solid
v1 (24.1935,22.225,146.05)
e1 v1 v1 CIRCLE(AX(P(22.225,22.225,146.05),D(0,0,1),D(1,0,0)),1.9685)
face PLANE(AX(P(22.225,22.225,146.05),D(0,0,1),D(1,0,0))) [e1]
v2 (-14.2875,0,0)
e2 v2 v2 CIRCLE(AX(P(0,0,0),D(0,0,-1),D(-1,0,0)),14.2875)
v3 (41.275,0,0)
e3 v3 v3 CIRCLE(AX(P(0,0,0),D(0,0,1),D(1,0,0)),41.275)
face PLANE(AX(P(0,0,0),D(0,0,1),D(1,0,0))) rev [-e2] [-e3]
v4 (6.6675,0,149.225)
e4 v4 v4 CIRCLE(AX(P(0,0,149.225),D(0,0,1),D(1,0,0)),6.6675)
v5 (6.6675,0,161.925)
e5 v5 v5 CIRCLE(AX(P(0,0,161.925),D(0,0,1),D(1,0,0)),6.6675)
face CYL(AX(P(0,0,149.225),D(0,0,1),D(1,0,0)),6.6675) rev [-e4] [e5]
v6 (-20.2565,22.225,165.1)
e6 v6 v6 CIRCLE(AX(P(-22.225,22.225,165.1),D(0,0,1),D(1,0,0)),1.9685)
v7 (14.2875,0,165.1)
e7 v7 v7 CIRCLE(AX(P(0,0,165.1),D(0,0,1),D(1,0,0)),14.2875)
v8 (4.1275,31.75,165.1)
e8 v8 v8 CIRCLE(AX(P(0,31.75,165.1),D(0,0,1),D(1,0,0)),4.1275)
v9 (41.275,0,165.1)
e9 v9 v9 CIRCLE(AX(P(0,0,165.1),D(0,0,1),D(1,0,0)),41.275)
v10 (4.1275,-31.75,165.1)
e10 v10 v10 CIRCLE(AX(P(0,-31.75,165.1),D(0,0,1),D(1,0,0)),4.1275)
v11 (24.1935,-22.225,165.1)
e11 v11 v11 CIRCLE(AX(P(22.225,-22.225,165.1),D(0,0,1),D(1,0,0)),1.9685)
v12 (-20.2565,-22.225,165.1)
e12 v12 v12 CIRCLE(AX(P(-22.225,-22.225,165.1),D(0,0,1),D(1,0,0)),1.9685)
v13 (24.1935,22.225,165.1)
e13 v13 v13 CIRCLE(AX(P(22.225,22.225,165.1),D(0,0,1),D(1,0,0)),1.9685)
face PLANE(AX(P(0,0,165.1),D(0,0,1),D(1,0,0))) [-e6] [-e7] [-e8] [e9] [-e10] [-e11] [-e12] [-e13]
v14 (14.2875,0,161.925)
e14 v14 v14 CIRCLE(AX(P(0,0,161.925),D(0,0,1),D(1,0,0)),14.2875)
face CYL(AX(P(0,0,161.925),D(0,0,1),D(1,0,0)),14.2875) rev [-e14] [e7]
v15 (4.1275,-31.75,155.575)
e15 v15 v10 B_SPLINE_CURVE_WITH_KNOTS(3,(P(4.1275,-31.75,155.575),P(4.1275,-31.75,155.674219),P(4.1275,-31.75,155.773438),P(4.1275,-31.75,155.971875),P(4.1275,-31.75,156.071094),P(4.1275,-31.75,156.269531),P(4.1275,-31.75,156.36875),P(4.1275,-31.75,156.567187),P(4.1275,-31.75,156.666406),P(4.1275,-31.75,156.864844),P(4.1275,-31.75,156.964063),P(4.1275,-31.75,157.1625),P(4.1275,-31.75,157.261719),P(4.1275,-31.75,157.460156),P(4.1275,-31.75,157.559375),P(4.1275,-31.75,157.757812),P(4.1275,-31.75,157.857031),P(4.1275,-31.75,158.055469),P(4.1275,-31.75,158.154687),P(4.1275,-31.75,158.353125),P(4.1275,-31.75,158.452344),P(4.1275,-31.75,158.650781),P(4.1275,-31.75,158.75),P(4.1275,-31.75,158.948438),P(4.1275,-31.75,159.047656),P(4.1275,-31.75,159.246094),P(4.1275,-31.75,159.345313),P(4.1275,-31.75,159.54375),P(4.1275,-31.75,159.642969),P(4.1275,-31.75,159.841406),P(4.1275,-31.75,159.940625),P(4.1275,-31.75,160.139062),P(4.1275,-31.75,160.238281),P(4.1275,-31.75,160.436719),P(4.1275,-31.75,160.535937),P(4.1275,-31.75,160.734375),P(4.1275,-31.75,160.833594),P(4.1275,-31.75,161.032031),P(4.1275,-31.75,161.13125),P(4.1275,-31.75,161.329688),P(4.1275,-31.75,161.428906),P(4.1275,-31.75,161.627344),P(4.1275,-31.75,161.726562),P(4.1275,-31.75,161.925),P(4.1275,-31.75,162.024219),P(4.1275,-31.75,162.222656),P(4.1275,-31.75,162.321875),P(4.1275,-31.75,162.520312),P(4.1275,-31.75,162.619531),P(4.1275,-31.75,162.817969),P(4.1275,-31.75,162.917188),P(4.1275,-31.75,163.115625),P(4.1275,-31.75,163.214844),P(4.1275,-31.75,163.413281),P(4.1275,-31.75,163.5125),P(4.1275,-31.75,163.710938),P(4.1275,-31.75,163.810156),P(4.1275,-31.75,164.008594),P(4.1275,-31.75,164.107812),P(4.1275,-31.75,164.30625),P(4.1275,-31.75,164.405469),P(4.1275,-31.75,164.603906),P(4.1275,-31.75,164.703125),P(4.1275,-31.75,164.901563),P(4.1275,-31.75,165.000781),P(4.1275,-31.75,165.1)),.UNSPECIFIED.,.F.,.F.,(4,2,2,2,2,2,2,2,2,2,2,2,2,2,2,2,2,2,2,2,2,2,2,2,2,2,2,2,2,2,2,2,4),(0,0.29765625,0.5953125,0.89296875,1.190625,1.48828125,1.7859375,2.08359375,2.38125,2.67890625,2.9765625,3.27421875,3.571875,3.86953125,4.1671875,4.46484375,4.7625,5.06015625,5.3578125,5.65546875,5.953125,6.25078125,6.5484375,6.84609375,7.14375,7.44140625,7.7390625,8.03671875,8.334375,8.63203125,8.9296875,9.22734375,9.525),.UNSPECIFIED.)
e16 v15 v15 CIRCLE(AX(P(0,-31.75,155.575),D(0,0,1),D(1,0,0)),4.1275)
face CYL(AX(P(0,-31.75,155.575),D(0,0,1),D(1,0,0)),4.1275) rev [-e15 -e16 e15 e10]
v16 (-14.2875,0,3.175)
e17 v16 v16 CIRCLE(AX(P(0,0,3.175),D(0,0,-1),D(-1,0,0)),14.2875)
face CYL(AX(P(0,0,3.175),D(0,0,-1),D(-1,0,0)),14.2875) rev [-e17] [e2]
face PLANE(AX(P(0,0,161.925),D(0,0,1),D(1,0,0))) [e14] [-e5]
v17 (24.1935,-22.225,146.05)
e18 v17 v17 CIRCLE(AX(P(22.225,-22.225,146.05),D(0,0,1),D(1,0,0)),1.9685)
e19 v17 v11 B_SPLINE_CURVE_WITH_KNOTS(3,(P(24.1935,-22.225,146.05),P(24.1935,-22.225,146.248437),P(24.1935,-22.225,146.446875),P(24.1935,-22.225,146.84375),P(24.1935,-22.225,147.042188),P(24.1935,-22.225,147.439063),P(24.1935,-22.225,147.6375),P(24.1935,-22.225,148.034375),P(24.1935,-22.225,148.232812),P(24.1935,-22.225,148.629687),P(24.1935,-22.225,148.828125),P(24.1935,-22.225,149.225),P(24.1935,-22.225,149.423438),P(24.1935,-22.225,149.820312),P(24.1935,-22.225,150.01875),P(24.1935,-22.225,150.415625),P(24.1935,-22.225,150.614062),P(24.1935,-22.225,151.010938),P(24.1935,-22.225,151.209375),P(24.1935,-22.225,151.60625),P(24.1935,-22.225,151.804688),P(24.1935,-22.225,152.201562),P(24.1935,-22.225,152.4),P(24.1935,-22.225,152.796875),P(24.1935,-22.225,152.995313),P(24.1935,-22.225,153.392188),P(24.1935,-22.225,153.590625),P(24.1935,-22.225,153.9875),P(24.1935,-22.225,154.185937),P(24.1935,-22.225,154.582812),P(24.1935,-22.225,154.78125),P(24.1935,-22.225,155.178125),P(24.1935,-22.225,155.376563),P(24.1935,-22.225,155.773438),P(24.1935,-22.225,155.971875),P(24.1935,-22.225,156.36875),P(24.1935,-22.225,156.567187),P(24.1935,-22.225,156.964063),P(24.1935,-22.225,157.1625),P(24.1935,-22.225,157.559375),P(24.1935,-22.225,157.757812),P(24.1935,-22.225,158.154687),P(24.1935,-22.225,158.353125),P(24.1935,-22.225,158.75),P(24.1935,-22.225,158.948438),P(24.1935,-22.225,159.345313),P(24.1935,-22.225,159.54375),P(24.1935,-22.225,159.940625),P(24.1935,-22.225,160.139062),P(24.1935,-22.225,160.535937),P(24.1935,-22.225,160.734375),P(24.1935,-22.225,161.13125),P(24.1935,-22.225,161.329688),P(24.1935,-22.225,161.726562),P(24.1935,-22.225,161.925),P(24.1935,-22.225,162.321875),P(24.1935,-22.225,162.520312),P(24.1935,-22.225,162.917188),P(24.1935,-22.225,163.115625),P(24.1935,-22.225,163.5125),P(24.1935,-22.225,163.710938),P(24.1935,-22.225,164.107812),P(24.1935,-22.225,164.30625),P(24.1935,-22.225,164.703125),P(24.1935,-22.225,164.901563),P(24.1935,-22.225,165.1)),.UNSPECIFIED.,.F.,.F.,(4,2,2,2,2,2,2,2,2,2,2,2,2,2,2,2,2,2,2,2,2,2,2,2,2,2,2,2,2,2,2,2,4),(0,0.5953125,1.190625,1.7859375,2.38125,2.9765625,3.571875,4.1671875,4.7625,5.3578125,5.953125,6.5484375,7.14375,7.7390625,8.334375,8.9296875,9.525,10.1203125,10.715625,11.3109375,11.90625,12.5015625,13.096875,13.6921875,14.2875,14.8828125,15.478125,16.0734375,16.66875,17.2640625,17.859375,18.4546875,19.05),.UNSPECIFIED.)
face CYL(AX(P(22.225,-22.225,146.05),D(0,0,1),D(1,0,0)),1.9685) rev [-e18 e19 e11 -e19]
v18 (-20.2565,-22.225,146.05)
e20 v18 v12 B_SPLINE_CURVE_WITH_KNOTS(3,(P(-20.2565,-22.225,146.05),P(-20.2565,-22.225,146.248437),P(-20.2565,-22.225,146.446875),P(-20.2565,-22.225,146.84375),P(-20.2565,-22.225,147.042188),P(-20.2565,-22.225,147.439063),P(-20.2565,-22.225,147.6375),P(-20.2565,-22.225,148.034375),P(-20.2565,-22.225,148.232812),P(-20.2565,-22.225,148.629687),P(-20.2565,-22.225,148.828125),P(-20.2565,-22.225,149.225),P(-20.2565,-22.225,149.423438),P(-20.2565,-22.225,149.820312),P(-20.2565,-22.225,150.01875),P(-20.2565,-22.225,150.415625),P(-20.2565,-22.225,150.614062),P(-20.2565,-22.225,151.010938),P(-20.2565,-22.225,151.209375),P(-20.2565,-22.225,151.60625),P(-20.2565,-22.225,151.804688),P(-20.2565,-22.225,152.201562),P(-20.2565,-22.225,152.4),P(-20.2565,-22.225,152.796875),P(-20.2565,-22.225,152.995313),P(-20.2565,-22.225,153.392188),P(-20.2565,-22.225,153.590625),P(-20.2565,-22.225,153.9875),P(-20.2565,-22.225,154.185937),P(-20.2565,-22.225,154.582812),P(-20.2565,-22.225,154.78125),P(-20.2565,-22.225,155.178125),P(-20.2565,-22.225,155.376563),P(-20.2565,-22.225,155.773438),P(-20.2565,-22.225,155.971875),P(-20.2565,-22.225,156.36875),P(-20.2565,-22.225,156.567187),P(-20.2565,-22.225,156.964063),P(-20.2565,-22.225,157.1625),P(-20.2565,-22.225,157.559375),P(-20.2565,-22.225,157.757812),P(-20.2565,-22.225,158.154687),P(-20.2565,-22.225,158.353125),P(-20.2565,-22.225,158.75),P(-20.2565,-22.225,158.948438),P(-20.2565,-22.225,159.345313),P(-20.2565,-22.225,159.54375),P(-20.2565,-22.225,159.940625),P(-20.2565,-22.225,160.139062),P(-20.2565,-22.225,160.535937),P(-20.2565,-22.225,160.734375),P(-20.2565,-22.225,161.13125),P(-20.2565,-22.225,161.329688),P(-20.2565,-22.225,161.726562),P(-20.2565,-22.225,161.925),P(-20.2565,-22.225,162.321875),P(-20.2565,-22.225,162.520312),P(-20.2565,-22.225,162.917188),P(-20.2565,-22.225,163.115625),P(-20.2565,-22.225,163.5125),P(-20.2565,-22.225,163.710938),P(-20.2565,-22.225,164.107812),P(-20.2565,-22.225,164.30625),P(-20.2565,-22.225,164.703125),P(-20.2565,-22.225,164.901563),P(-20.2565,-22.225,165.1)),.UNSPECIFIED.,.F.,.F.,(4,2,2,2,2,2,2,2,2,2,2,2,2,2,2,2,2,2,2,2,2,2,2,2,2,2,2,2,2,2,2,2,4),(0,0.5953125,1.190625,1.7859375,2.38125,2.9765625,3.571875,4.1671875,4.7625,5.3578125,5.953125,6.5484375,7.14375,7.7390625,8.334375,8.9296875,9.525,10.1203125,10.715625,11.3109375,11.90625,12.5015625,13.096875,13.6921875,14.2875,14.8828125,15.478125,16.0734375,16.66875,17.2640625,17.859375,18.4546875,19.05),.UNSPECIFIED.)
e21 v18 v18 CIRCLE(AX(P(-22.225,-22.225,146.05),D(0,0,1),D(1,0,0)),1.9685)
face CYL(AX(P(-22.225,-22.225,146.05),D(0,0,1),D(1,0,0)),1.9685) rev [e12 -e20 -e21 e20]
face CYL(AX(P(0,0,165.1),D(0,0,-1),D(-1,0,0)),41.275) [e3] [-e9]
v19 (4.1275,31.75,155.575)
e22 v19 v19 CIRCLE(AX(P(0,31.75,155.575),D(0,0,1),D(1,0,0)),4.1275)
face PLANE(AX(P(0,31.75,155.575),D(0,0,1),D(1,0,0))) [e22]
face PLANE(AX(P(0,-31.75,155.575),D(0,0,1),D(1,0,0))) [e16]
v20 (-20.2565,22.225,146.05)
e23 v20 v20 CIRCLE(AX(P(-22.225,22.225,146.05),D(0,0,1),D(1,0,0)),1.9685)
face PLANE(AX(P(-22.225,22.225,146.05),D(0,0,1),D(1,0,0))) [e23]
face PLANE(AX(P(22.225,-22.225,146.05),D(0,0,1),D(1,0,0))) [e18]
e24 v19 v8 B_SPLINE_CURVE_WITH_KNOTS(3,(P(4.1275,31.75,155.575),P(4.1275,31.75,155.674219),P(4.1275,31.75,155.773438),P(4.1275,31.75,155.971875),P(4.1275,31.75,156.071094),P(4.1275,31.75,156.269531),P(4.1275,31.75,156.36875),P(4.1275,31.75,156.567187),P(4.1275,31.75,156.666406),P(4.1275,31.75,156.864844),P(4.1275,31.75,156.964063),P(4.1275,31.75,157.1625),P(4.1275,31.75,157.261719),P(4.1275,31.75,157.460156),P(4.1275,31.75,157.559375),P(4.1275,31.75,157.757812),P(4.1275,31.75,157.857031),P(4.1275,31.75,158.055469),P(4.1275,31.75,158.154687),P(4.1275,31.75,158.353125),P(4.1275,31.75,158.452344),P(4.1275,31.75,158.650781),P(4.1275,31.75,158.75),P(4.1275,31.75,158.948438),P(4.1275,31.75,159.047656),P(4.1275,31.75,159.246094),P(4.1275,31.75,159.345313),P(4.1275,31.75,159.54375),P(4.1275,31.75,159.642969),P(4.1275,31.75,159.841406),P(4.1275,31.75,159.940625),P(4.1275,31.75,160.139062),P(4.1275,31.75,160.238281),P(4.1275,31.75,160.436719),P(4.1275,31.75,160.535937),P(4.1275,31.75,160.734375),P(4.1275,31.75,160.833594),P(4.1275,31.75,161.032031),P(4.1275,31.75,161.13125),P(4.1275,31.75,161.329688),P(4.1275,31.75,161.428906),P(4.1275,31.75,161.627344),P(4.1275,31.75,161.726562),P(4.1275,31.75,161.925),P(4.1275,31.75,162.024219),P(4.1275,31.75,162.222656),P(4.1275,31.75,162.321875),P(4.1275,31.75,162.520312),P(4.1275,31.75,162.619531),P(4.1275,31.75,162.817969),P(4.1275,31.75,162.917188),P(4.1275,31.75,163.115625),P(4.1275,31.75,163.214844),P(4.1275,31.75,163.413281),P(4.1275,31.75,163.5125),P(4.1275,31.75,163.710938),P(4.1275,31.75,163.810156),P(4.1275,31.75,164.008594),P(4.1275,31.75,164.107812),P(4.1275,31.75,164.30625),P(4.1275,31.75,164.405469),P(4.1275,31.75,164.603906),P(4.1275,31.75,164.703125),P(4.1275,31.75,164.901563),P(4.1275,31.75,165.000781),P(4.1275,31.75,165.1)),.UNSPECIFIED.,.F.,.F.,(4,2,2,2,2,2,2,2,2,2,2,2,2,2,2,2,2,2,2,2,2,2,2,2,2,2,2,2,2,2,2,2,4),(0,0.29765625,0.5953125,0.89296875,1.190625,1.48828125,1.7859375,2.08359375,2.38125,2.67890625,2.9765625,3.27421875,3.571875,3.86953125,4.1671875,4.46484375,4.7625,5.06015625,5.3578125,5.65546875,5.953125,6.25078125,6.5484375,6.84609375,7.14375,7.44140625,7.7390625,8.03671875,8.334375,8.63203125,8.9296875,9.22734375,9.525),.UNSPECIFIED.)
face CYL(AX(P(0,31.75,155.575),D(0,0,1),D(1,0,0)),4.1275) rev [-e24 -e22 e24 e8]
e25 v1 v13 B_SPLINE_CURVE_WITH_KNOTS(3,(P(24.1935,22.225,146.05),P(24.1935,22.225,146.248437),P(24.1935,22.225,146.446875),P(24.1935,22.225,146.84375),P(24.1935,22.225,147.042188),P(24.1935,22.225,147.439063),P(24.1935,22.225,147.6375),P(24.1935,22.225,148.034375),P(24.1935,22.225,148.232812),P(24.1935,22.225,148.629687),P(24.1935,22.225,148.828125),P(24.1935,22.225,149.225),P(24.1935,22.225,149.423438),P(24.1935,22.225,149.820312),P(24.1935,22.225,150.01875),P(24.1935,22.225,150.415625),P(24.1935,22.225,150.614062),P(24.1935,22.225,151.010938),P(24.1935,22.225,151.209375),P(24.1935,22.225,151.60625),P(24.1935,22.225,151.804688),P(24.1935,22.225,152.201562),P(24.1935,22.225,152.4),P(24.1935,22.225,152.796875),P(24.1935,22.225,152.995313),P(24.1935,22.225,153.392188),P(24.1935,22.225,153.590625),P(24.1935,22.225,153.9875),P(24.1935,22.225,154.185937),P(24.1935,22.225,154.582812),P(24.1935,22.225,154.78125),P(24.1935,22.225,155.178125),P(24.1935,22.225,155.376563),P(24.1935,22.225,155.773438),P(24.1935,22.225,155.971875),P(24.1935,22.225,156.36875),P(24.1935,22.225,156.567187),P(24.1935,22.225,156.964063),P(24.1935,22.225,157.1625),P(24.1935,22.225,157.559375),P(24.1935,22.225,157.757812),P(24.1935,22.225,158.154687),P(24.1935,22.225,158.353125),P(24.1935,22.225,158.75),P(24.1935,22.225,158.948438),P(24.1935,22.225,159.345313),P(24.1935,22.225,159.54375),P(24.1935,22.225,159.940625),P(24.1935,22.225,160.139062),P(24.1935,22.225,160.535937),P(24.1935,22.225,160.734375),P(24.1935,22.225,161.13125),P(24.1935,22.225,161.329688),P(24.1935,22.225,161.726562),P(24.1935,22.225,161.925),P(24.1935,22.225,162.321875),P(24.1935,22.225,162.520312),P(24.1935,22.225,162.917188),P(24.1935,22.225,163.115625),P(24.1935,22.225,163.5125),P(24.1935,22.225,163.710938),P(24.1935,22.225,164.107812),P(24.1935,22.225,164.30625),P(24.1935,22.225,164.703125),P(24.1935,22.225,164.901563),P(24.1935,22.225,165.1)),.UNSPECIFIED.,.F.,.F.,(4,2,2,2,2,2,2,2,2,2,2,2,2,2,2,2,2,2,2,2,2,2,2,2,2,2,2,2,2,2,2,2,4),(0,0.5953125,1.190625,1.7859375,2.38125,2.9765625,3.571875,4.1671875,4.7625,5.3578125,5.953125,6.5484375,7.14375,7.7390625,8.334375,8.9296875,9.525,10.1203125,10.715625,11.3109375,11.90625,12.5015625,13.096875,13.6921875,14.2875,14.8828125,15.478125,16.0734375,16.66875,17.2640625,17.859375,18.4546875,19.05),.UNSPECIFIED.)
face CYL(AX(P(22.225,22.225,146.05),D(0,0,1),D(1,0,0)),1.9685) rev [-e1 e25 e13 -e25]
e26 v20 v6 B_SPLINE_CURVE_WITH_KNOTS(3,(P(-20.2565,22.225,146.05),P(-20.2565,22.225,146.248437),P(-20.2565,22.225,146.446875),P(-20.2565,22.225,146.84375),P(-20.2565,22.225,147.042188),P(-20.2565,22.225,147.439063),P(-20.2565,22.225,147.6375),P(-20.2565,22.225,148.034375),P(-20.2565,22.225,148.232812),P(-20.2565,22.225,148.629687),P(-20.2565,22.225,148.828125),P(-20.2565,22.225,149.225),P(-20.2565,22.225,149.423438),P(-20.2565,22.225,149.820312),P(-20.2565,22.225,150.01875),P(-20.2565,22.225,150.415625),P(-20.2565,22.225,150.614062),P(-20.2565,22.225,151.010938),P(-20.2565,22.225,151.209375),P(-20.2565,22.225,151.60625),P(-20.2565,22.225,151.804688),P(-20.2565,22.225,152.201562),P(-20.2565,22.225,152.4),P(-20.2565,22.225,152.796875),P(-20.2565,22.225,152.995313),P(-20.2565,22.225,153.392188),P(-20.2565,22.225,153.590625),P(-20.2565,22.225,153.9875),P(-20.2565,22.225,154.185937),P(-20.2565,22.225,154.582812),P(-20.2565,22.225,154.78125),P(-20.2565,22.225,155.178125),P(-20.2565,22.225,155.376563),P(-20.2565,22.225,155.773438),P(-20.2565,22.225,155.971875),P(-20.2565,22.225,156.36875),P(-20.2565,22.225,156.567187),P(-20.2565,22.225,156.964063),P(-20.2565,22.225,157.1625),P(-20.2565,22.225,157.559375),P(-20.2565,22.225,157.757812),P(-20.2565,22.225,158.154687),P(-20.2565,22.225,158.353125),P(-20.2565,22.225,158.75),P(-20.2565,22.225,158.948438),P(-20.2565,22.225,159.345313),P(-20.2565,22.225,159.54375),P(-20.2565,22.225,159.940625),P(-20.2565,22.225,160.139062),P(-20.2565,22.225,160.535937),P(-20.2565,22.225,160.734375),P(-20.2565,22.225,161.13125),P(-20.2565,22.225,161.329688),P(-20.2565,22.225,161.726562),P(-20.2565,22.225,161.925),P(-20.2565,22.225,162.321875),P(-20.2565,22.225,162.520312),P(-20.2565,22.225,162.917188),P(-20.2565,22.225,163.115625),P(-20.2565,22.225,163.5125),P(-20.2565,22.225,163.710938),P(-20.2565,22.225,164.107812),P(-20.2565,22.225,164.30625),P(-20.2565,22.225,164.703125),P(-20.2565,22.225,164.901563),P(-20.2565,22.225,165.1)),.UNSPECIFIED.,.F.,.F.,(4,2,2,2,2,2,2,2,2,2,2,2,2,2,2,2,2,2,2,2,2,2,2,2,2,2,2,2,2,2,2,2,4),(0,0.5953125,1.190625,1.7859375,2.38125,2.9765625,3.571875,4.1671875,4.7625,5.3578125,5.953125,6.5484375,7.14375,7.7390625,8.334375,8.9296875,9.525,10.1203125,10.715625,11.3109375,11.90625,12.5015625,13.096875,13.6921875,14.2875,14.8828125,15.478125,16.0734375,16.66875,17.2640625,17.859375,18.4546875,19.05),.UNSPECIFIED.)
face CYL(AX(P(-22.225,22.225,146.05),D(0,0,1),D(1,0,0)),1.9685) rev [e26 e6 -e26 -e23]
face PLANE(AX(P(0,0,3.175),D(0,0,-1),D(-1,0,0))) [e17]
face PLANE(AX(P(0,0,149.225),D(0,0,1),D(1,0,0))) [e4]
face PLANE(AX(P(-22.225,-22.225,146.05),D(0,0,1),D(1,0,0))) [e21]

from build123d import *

# Parameters (mm, degrees)
SKETCH1_R           = 41.275
BOSS_EXTRUDE1_DEPTH = 165.1
SKETCH2_R           = 14.2875
CUT_EXTRUDE1_DEPTH  = 3.175
SKETCH3_R           = 6.6675
CUT_EXTRUDE2_DEPTH  = 12.7
SKETCH4_R           = 4.1275
CUT_EXTRUDE3_DEPTH  = 9.525
SKETCH5_R           = 1.9685
CUT_EXTRUDE4_DEPTH  = 19.05
CUT_EXTRUDE5_START  = -3.175
SKETCH6_R           = 14.2875
CUT_EXTRUDE5_DEPTH  = 3.175


with BuildPart() as part:
    # Sketch1 → Boss-Extrude1 (new body)
    with BuildSketch(Plane.XY):
        Circle(SKETCH1_R)
    extrude(amount=BOSS_EXTRUDE1_DEPTH)

    # Sketch2 → Cut-Extrude1 (cut)
    with BuildSketch(Plane.XY.offset(165.1)):
        Circle(SKETCH2_R)
    extrude(amount=-CUT_EXTRUDE1_DEPTH, mode=Mode.SUBTRACT)

    # Sketch3 → Cut-Extrude2 (cut)
    with BuildSketch(Plane.XY.offset(161.925)):
        Circle(SKETCH3_R)
    extrude(amount=-CUT_EXTRUDE2_DEPTH, mode=Mode.SUBTRACT)

    # Sketch4 → Cut-Extrude3 (cut)
    with BuildSketch(Plane.XY.offset(165.1)):
        with Locations((0, 31.75)):
            Circle(SKETCH4_R)
        with Locations((0, -31.75)):
            Circle(SKETCH4_R)
    extrude(amount=-CUT_EXTRUDE3_DEPTH, mode=Mode.SUBTRACT)

    # Sketch5 → Cut-Extrude4 (cut)
    with BuildSketch(Plane.XY.offset(165.1)):
        with Locations((-22.225, 22.225)):
            Circle(SKETCH5_R)
        with Locations((-22.225, -22.225)):
            Circle(SKETCH5_R)
        with Locations((22.225, -22.225)):
            Circle(SKETCH5_R)
        with Locations((22.225, 22.225)):
            Circle(SKETCH5_R)
    extrude(amount=-CUT_EXTRUDE4_DEPTH, mode=Mode.SUBTRACT)

    # Sketch6 → Cut-Extrude5 (cut)
    with BuildSketch(Plane(origin=(0, 0, 0), x_dir=(-1, 0, 0), z_dir=(0, 0, -1)).offset(CUT_EXTRUDE5_START)):
        with Locations(Location((0, 0, 0), (0, 0, 180))):
            Circle(SKETCH6_R)
    extrude(amount=CUT_EXTRUDE5_DEPTH, mode=Mode.SUBTRACT)


solid = part.part
